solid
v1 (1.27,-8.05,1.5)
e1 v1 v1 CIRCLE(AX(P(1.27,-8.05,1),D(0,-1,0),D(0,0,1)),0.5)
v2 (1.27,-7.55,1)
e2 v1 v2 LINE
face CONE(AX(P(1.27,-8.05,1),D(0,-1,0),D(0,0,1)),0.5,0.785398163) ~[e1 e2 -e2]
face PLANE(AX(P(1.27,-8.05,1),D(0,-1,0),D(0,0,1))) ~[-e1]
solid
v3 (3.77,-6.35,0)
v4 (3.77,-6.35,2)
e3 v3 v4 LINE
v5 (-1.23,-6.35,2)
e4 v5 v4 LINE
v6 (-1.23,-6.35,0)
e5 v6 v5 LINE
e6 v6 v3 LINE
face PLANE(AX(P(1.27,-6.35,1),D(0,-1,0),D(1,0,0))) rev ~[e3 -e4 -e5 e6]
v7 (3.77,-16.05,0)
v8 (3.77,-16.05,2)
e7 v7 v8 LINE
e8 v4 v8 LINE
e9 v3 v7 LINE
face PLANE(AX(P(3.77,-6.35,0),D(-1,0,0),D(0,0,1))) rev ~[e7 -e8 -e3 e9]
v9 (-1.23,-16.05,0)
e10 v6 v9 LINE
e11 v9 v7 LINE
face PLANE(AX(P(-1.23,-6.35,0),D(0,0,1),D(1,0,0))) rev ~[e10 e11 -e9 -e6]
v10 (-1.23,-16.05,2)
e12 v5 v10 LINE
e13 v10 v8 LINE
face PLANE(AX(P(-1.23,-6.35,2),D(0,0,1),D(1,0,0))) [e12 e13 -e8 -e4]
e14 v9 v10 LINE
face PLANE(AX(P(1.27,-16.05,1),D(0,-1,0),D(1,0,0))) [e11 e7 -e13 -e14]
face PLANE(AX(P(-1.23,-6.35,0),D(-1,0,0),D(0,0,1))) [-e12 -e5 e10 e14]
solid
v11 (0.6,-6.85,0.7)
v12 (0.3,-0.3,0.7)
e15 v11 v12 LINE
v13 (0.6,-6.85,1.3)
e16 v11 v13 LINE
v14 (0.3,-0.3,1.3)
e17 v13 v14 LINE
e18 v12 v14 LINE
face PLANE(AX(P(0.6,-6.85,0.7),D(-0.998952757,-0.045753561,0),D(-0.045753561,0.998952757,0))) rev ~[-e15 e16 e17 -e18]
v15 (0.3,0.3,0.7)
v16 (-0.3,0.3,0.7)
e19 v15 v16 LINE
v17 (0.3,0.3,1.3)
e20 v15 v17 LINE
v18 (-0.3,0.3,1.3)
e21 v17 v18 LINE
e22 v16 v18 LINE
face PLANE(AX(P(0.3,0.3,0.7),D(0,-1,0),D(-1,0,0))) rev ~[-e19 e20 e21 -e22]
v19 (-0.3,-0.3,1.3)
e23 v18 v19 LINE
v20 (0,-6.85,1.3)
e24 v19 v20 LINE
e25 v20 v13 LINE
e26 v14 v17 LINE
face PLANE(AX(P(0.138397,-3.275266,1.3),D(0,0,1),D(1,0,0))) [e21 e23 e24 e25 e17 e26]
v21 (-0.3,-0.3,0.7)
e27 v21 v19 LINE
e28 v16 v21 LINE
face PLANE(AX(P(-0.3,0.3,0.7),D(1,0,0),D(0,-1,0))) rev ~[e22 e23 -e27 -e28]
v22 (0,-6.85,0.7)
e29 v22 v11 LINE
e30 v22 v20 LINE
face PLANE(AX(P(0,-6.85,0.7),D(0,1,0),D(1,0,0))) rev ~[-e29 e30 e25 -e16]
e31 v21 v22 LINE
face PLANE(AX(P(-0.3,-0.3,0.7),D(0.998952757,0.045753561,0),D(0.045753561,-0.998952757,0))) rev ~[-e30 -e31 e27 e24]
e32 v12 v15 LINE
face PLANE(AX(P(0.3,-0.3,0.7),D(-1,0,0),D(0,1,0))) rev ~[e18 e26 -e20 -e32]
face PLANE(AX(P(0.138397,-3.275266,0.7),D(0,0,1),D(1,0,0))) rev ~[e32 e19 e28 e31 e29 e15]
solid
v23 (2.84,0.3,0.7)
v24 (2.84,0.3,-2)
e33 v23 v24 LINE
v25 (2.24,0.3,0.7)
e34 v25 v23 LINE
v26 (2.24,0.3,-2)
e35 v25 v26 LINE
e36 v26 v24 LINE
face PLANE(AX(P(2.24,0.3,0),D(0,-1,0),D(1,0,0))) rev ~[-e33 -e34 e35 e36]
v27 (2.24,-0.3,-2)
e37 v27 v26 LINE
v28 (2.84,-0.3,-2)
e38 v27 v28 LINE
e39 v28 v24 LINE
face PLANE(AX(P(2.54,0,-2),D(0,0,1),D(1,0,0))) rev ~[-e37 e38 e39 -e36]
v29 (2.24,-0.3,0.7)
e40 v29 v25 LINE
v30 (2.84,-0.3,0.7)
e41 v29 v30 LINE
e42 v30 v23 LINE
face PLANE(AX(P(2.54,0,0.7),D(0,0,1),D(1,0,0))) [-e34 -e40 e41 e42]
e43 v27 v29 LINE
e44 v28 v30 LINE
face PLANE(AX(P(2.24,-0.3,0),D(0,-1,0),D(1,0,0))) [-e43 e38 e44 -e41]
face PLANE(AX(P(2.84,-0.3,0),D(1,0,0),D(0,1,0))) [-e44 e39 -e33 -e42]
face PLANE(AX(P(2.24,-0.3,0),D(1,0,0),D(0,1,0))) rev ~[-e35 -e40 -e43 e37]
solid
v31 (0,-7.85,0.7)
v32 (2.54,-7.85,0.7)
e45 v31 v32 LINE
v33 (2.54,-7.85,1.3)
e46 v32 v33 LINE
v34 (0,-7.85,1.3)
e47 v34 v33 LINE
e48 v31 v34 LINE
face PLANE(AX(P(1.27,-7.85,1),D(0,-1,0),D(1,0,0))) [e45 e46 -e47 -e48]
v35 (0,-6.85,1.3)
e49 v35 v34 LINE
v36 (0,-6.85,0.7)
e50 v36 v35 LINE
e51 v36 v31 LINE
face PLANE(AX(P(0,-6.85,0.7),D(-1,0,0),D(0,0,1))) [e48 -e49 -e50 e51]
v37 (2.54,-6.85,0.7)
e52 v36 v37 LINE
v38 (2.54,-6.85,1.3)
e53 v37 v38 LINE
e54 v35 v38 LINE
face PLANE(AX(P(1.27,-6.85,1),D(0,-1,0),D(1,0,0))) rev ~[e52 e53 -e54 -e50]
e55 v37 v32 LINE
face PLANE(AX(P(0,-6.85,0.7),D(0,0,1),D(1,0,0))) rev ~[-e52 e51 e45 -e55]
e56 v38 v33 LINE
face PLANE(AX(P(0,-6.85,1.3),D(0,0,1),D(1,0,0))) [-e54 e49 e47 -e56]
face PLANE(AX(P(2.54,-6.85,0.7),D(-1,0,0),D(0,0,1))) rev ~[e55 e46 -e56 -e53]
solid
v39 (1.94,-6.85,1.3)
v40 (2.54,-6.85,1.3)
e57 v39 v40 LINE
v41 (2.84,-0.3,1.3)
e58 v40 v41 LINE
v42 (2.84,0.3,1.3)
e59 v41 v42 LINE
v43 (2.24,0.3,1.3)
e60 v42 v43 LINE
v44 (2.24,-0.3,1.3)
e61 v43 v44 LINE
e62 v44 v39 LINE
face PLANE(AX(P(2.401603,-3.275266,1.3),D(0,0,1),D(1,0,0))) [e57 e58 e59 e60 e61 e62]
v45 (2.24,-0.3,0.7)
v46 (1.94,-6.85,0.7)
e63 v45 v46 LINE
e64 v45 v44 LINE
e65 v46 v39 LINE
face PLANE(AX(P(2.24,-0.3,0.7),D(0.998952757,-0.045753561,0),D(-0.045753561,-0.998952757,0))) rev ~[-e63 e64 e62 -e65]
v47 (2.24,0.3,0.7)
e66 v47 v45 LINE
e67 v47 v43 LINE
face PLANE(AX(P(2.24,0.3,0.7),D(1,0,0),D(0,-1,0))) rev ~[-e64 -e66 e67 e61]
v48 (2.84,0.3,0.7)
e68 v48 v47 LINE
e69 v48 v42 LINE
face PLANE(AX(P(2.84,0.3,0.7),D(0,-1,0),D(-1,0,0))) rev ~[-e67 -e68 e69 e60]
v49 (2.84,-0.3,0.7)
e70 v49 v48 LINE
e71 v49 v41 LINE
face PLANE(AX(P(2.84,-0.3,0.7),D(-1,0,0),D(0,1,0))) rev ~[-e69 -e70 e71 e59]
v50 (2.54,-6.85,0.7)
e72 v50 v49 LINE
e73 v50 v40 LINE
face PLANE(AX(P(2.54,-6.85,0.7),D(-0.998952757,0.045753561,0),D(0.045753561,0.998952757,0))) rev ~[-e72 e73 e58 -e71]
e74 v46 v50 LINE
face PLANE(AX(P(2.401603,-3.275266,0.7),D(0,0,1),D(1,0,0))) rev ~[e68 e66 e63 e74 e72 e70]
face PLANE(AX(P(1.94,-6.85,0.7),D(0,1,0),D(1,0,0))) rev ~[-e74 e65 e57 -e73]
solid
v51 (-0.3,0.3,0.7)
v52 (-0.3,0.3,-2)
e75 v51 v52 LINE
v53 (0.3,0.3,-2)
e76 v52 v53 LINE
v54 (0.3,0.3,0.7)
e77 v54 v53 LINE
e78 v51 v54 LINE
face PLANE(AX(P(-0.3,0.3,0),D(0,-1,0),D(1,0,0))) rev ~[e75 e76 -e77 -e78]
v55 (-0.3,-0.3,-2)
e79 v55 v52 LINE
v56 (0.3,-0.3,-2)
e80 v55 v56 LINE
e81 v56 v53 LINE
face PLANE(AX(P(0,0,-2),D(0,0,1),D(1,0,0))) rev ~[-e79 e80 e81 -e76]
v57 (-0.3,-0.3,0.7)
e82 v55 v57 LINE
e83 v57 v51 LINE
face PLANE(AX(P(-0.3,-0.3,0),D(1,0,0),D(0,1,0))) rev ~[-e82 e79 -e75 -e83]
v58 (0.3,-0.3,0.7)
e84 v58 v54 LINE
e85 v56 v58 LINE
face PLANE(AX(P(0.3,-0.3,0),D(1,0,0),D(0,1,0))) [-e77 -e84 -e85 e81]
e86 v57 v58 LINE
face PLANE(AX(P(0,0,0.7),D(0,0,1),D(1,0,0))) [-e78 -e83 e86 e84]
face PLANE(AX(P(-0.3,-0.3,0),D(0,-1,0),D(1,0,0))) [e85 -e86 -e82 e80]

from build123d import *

# Parameters (mm, degrees)
SKETCH_W       = 0.6
SKETCH_H       = 0.6
PAD_DEPTH      = 0.7
PAD_DEPTH_BACK = 2
PAD001_DEPTH   = 0.6
SKETCH002_W    = 2.54
SKETCH002_H    = 0.6
PAD002_DEPTH   = 1
SKETCH004_W    = 5
SKETCH004_H    = 2
PAD003_DEPTH   = 9.7


with BuildPart() as pad:
    # Sketch → Pad (new body, two sides)
    with BuildSketch(Plane.XY) as pad_sk:
        Rectangle(SKETCH_W, SKETCH_H)
        with Locations((2.54, 0)):
            Rectangle(SKETCH_W, SKETCH_H)
    extrude(amount=PAD_DEPTH)
    extrude(pad_sk.sketch, amount=-PAD_DEPTH_BACK)


with BuildPart() as pad001:
    # Sketch001 → Pad001 (new body)
    with BuildSketch(Plane.XY.offset(0.7)):
        Polygon((0.3, 0.3), (-0.3, 0.3), (-0.3, -0.3), (0, -6.85), (0.6, -6.85), (0.3, -0.3), align=None)
        Polygon((2.84, 0.3), (2.24, 0.3), (2.24, -0.3), (1.94, -6.85), (2.54, -6.85), (2.84, -0.3), align=None)
    extrude(amount=PAD001_DEPTH)


with BuildPart() as pad002:
    # Sketch002 → Pad002 (new body)
    with BuildSketch(Plane.XZ.offset(6.85)):
        with Locations((1.27, 1)):
            Rectangle(SKETCH002_W, SKETCH002_H)
    extrude(amount=PAD002_DEPTH)


with BuildPart() as pad003:
    # Sketch004 → Pad003 (new body)
    with BuildSketch(Plane.XZ.offset(6.35)):
        with Locations((1.27, 1)):
            Rectangle(SKETCH004_W, SKETCH004_H)
    extrude(amount=PAD003_DEPTH)


with BuildPart() as revolution001:
    # Sketch005 → Revolution001 (revolve)
    with BuildSketch(Plane.YZ.offset(1.27)):
        Polygon((-7.55, 1), (-8.05, 1), (-8.05, 1.5), align=None)
    revolve(axis=Axis((1.27, -3.977201, 1), (0, -1, 0)))


solid = Compound([pad.part, pad001.part, pad002.part, pad003.part, revolution001.part])
